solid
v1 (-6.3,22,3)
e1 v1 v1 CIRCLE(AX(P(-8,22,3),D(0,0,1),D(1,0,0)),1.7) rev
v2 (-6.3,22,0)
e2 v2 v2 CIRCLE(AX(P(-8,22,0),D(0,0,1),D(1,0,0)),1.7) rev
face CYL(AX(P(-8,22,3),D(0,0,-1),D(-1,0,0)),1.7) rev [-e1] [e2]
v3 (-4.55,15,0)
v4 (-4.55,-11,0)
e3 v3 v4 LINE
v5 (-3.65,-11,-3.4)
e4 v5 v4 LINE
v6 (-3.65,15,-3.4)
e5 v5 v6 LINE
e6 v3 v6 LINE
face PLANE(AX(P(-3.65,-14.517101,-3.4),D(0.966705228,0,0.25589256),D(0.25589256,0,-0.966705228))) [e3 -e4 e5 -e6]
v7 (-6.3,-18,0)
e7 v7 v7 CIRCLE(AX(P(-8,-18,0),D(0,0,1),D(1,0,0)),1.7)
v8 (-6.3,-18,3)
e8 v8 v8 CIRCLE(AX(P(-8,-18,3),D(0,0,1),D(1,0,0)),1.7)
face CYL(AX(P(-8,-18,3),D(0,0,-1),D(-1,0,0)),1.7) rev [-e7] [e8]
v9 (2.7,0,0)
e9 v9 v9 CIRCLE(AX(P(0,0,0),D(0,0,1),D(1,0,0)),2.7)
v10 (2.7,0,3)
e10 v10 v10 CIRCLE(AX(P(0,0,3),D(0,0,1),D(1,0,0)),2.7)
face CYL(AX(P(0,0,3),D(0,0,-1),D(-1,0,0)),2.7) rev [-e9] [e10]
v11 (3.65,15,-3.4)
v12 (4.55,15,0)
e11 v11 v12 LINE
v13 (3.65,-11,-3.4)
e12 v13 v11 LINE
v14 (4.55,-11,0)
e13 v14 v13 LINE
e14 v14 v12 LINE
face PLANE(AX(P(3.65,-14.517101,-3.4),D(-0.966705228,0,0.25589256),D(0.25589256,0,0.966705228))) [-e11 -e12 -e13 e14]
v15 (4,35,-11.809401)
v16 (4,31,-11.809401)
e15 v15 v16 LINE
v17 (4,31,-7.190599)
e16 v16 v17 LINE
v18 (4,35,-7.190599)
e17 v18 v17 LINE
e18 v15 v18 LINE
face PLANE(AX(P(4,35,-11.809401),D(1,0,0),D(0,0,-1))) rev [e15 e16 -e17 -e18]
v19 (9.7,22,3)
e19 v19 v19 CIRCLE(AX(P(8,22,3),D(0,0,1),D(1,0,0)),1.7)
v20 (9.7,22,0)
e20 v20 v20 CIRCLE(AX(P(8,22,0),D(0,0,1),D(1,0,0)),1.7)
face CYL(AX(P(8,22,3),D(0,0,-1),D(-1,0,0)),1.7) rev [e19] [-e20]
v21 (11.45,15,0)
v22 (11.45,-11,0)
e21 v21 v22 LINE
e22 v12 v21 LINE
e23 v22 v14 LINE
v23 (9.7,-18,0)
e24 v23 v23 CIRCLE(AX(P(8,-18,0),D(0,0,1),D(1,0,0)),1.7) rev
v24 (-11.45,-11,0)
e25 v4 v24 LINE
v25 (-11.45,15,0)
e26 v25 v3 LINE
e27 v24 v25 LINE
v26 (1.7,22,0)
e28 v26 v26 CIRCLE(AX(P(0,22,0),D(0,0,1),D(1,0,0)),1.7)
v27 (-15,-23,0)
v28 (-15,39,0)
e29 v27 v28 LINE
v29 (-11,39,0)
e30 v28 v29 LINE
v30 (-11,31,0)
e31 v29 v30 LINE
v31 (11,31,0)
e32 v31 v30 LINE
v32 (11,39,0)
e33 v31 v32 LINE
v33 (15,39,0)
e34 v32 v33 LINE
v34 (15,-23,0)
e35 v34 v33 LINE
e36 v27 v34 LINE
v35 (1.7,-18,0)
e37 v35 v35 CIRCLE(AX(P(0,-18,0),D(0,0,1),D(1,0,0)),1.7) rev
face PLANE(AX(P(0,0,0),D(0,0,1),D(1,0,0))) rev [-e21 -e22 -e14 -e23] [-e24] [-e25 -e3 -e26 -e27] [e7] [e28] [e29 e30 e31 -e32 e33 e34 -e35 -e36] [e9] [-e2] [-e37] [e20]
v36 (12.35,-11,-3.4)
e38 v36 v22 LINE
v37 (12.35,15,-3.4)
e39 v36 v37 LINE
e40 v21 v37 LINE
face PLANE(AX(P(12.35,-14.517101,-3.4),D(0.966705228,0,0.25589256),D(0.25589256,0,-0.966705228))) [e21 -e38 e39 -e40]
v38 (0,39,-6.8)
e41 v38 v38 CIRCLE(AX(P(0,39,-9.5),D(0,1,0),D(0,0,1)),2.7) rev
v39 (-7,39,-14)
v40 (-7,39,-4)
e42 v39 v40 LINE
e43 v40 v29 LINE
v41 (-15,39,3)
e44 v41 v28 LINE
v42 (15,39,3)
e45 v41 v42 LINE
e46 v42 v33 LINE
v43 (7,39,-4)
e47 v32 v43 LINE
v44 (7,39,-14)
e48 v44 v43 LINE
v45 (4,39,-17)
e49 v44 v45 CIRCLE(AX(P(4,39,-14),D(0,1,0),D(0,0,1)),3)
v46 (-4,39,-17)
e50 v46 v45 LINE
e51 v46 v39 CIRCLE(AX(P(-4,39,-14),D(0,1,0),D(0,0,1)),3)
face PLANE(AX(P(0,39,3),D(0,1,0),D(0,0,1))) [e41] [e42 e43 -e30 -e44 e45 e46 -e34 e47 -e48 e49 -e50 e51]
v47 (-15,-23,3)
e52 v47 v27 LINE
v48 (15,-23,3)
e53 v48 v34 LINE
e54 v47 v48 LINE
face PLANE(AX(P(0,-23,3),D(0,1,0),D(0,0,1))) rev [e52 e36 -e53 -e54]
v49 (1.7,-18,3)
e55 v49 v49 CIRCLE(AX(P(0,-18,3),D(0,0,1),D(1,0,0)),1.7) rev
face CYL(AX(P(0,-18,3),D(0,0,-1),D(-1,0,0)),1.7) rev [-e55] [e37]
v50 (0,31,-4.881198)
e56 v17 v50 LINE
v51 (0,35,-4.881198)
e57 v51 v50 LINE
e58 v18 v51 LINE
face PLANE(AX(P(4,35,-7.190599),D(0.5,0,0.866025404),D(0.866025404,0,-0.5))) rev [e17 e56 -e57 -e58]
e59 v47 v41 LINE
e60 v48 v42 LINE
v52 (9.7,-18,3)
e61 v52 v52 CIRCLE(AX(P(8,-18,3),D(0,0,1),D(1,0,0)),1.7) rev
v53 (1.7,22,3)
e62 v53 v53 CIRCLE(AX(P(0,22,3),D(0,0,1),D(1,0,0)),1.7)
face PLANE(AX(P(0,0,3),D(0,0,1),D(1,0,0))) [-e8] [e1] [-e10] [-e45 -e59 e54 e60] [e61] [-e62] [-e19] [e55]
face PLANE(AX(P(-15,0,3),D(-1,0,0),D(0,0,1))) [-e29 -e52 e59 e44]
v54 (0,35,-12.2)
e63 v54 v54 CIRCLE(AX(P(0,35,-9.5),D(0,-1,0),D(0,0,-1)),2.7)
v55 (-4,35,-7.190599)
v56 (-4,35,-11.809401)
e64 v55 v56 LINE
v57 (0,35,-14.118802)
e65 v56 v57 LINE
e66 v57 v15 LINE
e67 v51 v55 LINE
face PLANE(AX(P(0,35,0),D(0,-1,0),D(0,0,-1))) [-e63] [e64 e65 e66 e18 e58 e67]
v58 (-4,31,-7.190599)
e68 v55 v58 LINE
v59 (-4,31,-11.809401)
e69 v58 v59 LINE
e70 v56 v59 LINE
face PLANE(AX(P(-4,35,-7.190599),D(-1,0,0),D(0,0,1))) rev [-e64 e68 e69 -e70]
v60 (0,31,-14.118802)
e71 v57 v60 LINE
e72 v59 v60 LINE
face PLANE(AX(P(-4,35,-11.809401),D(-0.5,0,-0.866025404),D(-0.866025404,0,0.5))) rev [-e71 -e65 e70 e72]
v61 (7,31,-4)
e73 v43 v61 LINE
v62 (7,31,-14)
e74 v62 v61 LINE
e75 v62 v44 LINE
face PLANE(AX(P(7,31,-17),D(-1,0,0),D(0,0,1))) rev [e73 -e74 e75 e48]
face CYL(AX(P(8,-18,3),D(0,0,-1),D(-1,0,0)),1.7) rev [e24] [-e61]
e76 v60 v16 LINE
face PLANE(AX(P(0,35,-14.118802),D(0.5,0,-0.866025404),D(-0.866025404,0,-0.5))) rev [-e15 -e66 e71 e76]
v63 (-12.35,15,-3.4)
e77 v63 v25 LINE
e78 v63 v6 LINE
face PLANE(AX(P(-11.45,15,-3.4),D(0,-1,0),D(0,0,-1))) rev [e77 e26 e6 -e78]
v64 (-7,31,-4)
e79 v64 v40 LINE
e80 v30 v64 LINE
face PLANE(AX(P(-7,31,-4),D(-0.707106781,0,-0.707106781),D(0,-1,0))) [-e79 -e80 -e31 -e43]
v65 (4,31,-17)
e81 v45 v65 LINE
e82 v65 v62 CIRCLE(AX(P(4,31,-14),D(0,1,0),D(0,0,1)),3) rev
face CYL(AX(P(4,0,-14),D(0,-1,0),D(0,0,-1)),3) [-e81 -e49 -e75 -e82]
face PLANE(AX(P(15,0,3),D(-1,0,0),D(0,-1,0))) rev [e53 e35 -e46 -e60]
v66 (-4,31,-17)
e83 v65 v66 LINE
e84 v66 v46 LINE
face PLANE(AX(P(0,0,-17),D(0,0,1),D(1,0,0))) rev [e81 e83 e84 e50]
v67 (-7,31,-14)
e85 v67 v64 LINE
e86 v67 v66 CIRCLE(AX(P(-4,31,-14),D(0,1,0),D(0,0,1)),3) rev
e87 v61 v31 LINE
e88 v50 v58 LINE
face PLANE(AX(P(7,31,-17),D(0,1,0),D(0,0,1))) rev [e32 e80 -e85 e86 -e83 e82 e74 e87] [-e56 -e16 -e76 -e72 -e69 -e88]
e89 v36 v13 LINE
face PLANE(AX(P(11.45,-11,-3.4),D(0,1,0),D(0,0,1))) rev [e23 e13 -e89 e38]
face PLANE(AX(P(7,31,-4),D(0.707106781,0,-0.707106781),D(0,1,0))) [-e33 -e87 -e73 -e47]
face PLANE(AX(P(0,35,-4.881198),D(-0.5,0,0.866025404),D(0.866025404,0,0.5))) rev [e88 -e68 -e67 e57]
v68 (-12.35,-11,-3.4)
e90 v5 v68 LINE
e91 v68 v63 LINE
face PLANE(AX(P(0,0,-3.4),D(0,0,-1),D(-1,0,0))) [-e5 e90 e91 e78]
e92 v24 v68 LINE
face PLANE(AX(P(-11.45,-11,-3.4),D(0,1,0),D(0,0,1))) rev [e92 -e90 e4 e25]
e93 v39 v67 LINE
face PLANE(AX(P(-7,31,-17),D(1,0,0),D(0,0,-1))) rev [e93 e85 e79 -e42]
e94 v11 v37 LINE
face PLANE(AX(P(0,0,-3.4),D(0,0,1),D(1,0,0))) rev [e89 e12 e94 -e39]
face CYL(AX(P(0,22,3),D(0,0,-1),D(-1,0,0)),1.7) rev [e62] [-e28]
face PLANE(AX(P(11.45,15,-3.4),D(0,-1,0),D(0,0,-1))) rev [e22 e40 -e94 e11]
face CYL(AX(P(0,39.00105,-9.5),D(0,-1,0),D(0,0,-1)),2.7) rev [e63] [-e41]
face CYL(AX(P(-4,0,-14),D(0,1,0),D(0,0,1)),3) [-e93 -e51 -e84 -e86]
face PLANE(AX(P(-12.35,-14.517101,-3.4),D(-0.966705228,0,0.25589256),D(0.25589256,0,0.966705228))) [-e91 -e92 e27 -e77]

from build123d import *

# Parameters (mm, degrees)
SKETCH_1_R          = 1.7
SKETCH_1_R_2        = 2.7
EXTRUDE_1_DEPTH     = 3
SKETCH_3_W          = 14
SKETCH_3_H          = 8
EXTRUDE_2_DEPTH     = 17
CUT_EXTRUDE_1_DEPTH = 4
CUT_EXTRUDE_2_REACH = 64.274
SKETCH_6_R          = 2.7
FILLET_1_R          = 3
CHAMFER_1_SIZE      = 4
SKETCH_7_W          = 6.9
SKETCH_7_H          = 26
EXTRUDE_3_DEPTH     = 3.4
EXTRUDE_4_DEPTH     = 26


with BuildPart() as part:
    # 草图1 → 凸台-拉伸1 (new body)
    with BuildSketch(Plane.XY):
        Polygon((-15, 27), (-15, -23), (15, -23), (15, 27), (15, 39), (-15, 39), align=None)
        with Locations((-8, -18)):
            Circle(SKETCH_1_R, mode=Mode.SUBTRACT)
        with Locations((0, -18)):
            Circle(SKETCH_1_R, mode=Mode.SUBTRACT)
        with Locations((8, -18)):
            Circle(SKETCH_1_R, mode=Mode.SUBTRACT)
        with Locations((-8, 22)):
            Circle(SKETCH_1_R, mode=Mode.SUBTRACT)
        Circle(SKETCH_1_R_2, mode=Mode.SUBTRACT)
        with Locations((0, 22)):
            Circle(SKETCH_1_R, mode=Mode.SUBTRACT)
        with Locations((8, 22)):
            Circle(SKETCH_1_R, mode=Mode.SUBTRACT)
    extrude(amount=EXTRUDE_1_DEPTH)

    # 草图3 → 凸台-拉伸2 (add)
    with BuildSketch(Plane(origin=(0, 0, 0), x_dir=(-1, 0, 0), z_dir=(0, 0, -1))):
        with Locations((0, 35)):
            Rectangle(SKETCH_3_W, SKETCH_3_H)
    extrude(amount=EXTRUDE_2_DEPTH)

    # 草图5 → 切除-拉伸1 (cut)
    with BuildSketch(Plane.XZ.offset(-31)):
        Polygon((4, -11.809401077), (4, -7.190598923), (0, -4.881197846), (-4, -7.190598923), (-4, -11.809401077), (0, -14.118802154), align=None)
    extrude(amount=-CUT_EXTRUDE_1_DEPTH, mode=Mode.SUBTRACT)

    # 草图6 → 切除-拉伸2 (cut, up to next)
    with BuildSketch(Plane.XZ.offset(-35), mode=Mode.PRIVATE) as cut_extrude_2_sk1:
        with Locations(Location((0, -9.5, 0), (0, 0, 270))):
            Circle(SKETCH_6_R)
    cut_extrude_2_tool1 = extrude(cut_extrude_2_sk1.sketch, amount=-CUT_EXTRUDE_2_REACH, mode=Mode.PRIVATE) & part.part
    add(cut_extrude_2_tool1.solids().sort_by_distance((0, 35, -9.5))[0], mode=Mode.SUBTRACT)

    # 圆角1
    fillet_1_edges = [part.edges().sort_by_distance(p)[0] for p in [
        (-7, 35, -17),
        (7, 35, -17),
    ]]
    fillet(fillet_1_edges, radius=FILLET_1_R)

    # 倒角1
    chamfer_1_edges = [part.edges().sort_by_distance(p)[0] for p in [
        (-7, 35, 0),
        (7, 35, 0),
    ]]
    chamfer(chamfer_1_edges, length=CHAMFER_1_SIZE)

    # 草图7 → 凸台-拉伸3 (add)
    with BuildSketch(Plane(origin=(0, 0, 0), x_dir=(-1, 0, 0), z_dir=(0, 0, -1))):
        with Locations((-8, 2)):
            Rectangle(SKETCH_7_W, SKETCH_7_H)
        with Locations((8, 2)):
            Rectangle(SKETCH_7_W, SKETCH_7_H)
    extrude(amount=EXTRUDE_3_DEPTH)

    # 草图8 → 凸台-拉伸4 (add)
    with BuildSketch(Plane(origin=(0, 15, 0), x_dir=(1, 0, 0), z_dir=(0, 1, 0))):
        Polygon((11.45, 0), (11.45, 3.4), (12.35, 3.4), align=None)
        Polygon((3.65, 3.4), (4.55, 0), (4.55, 3.4), align=None)
        Polygon((-12.35, 3.4), (-11.45, 0), (-11.45, 3.4), align=None)
        Polygon((-4.55, 0), (-4.55, 3.4), (-3.65, 3.4), align=None)
    extrude(amount=-EXTRUDE_4_DEPTH)


solid = part.part
